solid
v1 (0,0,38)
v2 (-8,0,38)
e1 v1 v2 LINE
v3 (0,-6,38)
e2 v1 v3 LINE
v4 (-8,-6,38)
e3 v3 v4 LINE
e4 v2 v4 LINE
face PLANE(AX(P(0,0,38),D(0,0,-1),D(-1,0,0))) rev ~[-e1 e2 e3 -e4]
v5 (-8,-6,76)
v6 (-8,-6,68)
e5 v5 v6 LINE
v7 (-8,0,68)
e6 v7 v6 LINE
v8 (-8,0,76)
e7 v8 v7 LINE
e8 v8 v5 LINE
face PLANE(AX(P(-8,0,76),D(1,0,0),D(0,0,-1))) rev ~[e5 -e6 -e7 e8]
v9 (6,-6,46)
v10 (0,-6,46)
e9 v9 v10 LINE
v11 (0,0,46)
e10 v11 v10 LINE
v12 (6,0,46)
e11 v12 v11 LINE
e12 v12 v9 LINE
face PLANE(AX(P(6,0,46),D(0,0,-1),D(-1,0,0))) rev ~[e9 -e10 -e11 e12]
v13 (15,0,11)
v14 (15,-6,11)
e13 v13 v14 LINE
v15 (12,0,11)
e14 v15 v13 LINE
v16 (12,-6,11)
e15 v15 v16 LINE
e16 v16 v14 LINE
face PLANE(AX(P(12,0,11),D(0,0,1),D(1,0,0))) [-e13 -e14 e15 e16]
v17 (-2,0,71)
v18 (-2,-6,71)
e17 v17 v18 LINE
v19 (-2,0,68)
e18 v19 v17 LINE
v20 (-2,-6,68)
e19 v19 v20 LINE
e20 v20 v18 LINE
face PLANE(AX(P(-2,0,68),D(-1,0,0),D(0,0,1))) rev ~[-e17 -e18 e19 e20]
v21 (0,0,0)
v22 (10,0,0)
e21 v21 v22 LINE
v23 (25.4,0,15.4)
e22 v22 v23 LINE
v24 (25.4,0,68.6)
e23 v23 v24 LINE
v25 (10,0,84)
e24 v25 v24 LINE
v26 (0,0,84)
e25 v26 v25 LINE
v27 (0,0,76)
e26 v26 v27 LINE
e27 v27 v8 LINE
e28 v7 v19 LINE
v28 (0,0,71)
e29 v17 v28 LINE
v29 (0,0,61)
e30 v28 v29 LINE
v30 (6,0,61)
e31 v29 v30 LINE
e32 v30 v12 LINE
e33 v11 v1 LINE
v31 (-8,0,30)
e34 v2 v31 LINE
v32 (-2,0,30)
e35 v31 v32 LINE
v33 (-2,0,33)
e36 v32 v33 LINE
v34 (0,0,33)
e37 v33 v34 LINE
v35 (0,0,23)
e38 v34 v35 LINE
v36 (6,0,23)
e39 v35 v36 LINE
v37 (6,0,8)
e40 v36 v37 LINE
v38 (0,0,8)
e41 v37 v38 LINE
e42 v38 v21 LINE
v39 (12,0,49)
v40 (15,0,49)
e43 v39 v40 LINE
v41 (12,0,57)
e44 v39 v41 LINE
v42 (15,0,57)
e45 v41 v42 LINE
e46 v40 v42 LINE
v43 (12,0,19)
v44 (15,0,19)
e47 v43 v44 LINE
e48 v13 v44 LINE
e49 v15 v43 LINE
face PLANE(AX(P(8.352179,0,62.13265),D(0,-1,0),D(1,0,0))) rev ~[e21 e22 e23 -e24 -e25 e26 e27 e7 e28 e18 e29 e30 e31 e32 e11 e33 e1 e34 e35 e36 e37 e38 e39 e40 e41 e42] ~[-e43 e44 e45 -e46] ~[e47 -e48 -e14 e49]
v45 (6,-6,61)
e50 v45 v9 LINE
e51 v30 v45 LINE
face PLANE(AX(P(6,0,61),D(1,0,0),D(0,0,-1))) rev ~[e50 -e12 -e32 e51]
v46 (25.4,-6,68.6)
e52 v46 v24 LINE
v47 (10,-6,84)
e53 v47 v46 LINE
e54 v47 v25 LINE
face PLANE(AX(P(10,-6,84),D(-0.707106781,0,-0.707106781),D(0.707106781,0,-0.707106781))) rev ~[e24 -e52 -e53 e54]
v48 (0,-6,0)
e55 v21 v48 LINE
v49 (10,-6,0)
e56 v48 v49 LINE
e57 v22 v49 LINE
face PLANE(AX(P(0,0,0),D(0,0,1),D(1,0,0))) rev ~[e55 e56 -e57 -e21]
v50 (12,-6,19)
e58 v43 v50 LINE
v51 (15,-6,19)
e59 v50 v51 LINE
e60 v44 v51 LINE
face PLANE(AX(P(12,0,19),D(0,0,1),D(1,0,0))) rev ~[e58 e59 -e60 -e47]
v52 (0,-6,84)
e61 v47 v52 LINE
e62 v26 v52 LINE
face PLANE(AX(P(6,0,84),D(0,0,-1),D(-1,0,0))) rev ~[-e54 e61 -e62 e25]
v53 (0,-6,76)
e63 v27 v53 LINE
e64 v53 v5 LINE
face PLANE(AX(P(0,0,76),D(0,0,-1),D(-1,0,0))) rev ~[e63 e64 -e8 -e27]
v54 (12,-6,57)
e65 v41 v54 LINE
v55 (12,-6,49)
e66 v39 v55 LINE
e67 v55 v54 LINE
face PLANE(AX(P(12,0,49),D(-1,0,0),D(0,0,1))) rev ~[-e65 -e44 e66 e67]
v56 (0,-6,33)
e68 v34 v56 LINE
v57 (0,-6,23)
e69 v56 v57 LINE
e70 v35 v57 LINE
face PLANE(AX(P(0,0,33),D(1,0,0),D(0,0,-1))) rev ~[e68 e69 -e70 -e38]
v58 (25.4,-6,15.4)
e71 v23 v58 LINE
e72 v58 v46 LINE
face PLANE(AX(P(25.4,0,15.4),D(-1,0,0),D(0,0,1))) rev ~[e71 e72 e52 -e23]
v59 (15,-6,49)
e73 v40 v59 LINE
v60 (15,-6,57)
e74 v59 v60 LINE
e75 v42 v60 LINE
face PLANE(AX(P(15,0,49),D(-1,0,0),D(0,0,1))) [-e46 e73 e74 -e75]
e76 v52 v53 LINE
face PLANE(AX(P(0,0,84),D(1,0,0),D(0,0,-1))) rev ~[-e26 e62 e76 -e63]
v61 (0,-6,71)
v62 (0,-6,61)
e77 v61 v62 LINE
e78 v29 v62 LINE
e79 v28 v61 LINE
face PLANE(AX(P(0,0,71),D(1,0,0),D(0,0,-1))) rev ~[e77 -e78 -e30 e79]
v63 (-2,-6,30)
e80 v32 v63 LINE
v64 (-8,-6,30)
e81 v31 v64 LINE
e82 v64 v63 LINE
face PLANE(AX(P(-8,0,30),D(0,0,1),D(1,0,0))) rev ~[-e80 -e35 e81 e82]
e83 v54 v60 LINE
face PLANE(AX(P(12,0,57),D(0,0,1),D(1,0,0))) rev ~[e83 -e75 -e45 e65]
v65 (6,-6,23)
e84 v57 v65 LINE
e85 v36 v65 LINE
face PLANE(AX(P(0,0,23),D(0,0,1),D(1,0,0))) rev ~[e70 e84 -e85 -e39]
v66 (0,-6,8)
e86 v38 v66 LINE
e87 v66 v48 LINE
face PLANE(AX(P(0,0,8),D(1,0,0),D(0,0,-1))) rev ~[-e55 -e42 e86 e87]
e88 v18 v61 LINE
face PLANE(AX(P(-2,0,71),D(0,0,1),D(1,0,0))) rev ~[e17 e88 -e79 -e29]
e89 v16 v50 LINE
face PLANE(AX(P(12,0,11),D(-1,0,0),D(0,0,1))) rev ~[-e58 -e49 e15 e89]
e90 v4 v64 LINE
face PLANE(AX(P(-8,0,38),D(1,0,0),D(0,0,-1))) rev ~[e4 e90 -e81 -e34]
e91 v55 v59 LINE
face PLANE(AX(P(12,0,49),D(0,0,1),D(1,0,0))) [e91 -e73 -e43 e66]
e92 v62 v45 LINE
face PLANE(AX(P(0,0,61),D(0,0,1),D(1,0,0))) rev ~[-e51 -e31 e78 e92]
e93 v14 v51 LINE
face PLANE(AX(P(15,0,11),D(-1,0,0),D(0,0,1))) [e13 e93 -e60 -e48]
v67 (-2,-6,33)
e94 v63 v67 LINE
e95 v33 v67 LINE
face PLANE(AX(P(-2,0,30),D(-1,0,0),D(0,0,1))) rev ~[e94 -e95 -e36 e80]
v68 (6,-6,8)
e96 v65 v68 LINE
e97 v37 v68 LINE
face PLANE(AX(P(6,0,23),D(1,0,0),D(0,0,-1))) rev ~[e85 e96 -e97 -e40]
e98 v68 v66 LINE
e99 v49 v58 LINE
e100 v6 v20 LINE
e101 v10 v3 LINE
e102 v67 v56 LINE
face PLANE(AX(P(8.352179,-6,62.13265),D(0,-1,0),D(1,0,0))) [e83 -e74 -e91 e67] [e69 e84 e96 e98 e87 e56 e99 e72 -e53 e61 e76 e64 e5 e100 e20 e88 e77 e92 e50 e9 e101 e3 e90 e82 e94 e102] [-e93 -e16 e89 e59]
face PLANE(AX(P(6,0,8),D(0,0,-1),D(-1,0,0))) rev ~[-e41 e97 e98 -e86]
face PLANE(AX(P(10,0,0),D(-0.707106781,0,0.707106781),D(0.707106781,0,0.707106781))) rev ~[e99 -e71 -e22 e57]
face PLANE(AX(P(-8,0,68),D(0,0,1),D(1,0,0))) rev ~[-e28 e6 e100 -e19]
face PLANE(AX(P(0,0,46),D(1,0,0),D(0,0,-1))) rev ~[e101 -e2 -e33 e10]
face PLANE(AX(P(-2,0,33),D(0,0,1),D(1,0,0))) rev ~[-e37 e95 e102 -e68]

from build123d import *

# Parameters (mm, degrees)
F0_W     = 3
F0_H     = 8
F1_DEPTH = 6
F3_DEPTH = 25


with BuildPart() as f1:
    # F0 (on Front) → F1 (new body)
    with BuildSketch(Plane.XZ):
        Polygon((0, 46), (0, 38), (-8, 38), (-8, 30), (-2, 30), (-2, 33), (0, 33), (0, 23), (6, 23), (6, 8), (0, 8), (0, 0), (10, 0), (25.4, 15.4), (25.4, 106.6), (10, 122), (0, 122), (0, 114), (-8, 114), (-8, 106), (-2, 106), (-2, 109), (0, 109), (0, 99), (6, 99), (6, 84), (0, 84), (0, 76), (-8, 76), (-8, 68), (-2, 68), (-2, 71), (0, 71), (0, 61), (6, 61), (6, 46), align=None)
        with Locations((13.5, 15)):
            Rectangle(F0_W, F0_H, mode=Mode.SUBTRACT)
        with Locations((13.5, 53)):
            Rectangle(F0_W, F0_H, mode=Mode.SUBTRACT)
    extrude(amount=F1_DEPTH)

    # F2 (on face) → F3 (cut)
    with BuildSketch(Plane.XZ.offset(6)):
        Polygon((-15.520183, 88.449873), (0, 84), (10, 84), (25.4, 68.6), (32.788105, 68.6), (32.788105, 127.545327), (-15.520183, 123.835541), align=None)
    extrude(amount=-F3_DEPTH, mode=Mode.SUBTRACT)


solid = f1.part
